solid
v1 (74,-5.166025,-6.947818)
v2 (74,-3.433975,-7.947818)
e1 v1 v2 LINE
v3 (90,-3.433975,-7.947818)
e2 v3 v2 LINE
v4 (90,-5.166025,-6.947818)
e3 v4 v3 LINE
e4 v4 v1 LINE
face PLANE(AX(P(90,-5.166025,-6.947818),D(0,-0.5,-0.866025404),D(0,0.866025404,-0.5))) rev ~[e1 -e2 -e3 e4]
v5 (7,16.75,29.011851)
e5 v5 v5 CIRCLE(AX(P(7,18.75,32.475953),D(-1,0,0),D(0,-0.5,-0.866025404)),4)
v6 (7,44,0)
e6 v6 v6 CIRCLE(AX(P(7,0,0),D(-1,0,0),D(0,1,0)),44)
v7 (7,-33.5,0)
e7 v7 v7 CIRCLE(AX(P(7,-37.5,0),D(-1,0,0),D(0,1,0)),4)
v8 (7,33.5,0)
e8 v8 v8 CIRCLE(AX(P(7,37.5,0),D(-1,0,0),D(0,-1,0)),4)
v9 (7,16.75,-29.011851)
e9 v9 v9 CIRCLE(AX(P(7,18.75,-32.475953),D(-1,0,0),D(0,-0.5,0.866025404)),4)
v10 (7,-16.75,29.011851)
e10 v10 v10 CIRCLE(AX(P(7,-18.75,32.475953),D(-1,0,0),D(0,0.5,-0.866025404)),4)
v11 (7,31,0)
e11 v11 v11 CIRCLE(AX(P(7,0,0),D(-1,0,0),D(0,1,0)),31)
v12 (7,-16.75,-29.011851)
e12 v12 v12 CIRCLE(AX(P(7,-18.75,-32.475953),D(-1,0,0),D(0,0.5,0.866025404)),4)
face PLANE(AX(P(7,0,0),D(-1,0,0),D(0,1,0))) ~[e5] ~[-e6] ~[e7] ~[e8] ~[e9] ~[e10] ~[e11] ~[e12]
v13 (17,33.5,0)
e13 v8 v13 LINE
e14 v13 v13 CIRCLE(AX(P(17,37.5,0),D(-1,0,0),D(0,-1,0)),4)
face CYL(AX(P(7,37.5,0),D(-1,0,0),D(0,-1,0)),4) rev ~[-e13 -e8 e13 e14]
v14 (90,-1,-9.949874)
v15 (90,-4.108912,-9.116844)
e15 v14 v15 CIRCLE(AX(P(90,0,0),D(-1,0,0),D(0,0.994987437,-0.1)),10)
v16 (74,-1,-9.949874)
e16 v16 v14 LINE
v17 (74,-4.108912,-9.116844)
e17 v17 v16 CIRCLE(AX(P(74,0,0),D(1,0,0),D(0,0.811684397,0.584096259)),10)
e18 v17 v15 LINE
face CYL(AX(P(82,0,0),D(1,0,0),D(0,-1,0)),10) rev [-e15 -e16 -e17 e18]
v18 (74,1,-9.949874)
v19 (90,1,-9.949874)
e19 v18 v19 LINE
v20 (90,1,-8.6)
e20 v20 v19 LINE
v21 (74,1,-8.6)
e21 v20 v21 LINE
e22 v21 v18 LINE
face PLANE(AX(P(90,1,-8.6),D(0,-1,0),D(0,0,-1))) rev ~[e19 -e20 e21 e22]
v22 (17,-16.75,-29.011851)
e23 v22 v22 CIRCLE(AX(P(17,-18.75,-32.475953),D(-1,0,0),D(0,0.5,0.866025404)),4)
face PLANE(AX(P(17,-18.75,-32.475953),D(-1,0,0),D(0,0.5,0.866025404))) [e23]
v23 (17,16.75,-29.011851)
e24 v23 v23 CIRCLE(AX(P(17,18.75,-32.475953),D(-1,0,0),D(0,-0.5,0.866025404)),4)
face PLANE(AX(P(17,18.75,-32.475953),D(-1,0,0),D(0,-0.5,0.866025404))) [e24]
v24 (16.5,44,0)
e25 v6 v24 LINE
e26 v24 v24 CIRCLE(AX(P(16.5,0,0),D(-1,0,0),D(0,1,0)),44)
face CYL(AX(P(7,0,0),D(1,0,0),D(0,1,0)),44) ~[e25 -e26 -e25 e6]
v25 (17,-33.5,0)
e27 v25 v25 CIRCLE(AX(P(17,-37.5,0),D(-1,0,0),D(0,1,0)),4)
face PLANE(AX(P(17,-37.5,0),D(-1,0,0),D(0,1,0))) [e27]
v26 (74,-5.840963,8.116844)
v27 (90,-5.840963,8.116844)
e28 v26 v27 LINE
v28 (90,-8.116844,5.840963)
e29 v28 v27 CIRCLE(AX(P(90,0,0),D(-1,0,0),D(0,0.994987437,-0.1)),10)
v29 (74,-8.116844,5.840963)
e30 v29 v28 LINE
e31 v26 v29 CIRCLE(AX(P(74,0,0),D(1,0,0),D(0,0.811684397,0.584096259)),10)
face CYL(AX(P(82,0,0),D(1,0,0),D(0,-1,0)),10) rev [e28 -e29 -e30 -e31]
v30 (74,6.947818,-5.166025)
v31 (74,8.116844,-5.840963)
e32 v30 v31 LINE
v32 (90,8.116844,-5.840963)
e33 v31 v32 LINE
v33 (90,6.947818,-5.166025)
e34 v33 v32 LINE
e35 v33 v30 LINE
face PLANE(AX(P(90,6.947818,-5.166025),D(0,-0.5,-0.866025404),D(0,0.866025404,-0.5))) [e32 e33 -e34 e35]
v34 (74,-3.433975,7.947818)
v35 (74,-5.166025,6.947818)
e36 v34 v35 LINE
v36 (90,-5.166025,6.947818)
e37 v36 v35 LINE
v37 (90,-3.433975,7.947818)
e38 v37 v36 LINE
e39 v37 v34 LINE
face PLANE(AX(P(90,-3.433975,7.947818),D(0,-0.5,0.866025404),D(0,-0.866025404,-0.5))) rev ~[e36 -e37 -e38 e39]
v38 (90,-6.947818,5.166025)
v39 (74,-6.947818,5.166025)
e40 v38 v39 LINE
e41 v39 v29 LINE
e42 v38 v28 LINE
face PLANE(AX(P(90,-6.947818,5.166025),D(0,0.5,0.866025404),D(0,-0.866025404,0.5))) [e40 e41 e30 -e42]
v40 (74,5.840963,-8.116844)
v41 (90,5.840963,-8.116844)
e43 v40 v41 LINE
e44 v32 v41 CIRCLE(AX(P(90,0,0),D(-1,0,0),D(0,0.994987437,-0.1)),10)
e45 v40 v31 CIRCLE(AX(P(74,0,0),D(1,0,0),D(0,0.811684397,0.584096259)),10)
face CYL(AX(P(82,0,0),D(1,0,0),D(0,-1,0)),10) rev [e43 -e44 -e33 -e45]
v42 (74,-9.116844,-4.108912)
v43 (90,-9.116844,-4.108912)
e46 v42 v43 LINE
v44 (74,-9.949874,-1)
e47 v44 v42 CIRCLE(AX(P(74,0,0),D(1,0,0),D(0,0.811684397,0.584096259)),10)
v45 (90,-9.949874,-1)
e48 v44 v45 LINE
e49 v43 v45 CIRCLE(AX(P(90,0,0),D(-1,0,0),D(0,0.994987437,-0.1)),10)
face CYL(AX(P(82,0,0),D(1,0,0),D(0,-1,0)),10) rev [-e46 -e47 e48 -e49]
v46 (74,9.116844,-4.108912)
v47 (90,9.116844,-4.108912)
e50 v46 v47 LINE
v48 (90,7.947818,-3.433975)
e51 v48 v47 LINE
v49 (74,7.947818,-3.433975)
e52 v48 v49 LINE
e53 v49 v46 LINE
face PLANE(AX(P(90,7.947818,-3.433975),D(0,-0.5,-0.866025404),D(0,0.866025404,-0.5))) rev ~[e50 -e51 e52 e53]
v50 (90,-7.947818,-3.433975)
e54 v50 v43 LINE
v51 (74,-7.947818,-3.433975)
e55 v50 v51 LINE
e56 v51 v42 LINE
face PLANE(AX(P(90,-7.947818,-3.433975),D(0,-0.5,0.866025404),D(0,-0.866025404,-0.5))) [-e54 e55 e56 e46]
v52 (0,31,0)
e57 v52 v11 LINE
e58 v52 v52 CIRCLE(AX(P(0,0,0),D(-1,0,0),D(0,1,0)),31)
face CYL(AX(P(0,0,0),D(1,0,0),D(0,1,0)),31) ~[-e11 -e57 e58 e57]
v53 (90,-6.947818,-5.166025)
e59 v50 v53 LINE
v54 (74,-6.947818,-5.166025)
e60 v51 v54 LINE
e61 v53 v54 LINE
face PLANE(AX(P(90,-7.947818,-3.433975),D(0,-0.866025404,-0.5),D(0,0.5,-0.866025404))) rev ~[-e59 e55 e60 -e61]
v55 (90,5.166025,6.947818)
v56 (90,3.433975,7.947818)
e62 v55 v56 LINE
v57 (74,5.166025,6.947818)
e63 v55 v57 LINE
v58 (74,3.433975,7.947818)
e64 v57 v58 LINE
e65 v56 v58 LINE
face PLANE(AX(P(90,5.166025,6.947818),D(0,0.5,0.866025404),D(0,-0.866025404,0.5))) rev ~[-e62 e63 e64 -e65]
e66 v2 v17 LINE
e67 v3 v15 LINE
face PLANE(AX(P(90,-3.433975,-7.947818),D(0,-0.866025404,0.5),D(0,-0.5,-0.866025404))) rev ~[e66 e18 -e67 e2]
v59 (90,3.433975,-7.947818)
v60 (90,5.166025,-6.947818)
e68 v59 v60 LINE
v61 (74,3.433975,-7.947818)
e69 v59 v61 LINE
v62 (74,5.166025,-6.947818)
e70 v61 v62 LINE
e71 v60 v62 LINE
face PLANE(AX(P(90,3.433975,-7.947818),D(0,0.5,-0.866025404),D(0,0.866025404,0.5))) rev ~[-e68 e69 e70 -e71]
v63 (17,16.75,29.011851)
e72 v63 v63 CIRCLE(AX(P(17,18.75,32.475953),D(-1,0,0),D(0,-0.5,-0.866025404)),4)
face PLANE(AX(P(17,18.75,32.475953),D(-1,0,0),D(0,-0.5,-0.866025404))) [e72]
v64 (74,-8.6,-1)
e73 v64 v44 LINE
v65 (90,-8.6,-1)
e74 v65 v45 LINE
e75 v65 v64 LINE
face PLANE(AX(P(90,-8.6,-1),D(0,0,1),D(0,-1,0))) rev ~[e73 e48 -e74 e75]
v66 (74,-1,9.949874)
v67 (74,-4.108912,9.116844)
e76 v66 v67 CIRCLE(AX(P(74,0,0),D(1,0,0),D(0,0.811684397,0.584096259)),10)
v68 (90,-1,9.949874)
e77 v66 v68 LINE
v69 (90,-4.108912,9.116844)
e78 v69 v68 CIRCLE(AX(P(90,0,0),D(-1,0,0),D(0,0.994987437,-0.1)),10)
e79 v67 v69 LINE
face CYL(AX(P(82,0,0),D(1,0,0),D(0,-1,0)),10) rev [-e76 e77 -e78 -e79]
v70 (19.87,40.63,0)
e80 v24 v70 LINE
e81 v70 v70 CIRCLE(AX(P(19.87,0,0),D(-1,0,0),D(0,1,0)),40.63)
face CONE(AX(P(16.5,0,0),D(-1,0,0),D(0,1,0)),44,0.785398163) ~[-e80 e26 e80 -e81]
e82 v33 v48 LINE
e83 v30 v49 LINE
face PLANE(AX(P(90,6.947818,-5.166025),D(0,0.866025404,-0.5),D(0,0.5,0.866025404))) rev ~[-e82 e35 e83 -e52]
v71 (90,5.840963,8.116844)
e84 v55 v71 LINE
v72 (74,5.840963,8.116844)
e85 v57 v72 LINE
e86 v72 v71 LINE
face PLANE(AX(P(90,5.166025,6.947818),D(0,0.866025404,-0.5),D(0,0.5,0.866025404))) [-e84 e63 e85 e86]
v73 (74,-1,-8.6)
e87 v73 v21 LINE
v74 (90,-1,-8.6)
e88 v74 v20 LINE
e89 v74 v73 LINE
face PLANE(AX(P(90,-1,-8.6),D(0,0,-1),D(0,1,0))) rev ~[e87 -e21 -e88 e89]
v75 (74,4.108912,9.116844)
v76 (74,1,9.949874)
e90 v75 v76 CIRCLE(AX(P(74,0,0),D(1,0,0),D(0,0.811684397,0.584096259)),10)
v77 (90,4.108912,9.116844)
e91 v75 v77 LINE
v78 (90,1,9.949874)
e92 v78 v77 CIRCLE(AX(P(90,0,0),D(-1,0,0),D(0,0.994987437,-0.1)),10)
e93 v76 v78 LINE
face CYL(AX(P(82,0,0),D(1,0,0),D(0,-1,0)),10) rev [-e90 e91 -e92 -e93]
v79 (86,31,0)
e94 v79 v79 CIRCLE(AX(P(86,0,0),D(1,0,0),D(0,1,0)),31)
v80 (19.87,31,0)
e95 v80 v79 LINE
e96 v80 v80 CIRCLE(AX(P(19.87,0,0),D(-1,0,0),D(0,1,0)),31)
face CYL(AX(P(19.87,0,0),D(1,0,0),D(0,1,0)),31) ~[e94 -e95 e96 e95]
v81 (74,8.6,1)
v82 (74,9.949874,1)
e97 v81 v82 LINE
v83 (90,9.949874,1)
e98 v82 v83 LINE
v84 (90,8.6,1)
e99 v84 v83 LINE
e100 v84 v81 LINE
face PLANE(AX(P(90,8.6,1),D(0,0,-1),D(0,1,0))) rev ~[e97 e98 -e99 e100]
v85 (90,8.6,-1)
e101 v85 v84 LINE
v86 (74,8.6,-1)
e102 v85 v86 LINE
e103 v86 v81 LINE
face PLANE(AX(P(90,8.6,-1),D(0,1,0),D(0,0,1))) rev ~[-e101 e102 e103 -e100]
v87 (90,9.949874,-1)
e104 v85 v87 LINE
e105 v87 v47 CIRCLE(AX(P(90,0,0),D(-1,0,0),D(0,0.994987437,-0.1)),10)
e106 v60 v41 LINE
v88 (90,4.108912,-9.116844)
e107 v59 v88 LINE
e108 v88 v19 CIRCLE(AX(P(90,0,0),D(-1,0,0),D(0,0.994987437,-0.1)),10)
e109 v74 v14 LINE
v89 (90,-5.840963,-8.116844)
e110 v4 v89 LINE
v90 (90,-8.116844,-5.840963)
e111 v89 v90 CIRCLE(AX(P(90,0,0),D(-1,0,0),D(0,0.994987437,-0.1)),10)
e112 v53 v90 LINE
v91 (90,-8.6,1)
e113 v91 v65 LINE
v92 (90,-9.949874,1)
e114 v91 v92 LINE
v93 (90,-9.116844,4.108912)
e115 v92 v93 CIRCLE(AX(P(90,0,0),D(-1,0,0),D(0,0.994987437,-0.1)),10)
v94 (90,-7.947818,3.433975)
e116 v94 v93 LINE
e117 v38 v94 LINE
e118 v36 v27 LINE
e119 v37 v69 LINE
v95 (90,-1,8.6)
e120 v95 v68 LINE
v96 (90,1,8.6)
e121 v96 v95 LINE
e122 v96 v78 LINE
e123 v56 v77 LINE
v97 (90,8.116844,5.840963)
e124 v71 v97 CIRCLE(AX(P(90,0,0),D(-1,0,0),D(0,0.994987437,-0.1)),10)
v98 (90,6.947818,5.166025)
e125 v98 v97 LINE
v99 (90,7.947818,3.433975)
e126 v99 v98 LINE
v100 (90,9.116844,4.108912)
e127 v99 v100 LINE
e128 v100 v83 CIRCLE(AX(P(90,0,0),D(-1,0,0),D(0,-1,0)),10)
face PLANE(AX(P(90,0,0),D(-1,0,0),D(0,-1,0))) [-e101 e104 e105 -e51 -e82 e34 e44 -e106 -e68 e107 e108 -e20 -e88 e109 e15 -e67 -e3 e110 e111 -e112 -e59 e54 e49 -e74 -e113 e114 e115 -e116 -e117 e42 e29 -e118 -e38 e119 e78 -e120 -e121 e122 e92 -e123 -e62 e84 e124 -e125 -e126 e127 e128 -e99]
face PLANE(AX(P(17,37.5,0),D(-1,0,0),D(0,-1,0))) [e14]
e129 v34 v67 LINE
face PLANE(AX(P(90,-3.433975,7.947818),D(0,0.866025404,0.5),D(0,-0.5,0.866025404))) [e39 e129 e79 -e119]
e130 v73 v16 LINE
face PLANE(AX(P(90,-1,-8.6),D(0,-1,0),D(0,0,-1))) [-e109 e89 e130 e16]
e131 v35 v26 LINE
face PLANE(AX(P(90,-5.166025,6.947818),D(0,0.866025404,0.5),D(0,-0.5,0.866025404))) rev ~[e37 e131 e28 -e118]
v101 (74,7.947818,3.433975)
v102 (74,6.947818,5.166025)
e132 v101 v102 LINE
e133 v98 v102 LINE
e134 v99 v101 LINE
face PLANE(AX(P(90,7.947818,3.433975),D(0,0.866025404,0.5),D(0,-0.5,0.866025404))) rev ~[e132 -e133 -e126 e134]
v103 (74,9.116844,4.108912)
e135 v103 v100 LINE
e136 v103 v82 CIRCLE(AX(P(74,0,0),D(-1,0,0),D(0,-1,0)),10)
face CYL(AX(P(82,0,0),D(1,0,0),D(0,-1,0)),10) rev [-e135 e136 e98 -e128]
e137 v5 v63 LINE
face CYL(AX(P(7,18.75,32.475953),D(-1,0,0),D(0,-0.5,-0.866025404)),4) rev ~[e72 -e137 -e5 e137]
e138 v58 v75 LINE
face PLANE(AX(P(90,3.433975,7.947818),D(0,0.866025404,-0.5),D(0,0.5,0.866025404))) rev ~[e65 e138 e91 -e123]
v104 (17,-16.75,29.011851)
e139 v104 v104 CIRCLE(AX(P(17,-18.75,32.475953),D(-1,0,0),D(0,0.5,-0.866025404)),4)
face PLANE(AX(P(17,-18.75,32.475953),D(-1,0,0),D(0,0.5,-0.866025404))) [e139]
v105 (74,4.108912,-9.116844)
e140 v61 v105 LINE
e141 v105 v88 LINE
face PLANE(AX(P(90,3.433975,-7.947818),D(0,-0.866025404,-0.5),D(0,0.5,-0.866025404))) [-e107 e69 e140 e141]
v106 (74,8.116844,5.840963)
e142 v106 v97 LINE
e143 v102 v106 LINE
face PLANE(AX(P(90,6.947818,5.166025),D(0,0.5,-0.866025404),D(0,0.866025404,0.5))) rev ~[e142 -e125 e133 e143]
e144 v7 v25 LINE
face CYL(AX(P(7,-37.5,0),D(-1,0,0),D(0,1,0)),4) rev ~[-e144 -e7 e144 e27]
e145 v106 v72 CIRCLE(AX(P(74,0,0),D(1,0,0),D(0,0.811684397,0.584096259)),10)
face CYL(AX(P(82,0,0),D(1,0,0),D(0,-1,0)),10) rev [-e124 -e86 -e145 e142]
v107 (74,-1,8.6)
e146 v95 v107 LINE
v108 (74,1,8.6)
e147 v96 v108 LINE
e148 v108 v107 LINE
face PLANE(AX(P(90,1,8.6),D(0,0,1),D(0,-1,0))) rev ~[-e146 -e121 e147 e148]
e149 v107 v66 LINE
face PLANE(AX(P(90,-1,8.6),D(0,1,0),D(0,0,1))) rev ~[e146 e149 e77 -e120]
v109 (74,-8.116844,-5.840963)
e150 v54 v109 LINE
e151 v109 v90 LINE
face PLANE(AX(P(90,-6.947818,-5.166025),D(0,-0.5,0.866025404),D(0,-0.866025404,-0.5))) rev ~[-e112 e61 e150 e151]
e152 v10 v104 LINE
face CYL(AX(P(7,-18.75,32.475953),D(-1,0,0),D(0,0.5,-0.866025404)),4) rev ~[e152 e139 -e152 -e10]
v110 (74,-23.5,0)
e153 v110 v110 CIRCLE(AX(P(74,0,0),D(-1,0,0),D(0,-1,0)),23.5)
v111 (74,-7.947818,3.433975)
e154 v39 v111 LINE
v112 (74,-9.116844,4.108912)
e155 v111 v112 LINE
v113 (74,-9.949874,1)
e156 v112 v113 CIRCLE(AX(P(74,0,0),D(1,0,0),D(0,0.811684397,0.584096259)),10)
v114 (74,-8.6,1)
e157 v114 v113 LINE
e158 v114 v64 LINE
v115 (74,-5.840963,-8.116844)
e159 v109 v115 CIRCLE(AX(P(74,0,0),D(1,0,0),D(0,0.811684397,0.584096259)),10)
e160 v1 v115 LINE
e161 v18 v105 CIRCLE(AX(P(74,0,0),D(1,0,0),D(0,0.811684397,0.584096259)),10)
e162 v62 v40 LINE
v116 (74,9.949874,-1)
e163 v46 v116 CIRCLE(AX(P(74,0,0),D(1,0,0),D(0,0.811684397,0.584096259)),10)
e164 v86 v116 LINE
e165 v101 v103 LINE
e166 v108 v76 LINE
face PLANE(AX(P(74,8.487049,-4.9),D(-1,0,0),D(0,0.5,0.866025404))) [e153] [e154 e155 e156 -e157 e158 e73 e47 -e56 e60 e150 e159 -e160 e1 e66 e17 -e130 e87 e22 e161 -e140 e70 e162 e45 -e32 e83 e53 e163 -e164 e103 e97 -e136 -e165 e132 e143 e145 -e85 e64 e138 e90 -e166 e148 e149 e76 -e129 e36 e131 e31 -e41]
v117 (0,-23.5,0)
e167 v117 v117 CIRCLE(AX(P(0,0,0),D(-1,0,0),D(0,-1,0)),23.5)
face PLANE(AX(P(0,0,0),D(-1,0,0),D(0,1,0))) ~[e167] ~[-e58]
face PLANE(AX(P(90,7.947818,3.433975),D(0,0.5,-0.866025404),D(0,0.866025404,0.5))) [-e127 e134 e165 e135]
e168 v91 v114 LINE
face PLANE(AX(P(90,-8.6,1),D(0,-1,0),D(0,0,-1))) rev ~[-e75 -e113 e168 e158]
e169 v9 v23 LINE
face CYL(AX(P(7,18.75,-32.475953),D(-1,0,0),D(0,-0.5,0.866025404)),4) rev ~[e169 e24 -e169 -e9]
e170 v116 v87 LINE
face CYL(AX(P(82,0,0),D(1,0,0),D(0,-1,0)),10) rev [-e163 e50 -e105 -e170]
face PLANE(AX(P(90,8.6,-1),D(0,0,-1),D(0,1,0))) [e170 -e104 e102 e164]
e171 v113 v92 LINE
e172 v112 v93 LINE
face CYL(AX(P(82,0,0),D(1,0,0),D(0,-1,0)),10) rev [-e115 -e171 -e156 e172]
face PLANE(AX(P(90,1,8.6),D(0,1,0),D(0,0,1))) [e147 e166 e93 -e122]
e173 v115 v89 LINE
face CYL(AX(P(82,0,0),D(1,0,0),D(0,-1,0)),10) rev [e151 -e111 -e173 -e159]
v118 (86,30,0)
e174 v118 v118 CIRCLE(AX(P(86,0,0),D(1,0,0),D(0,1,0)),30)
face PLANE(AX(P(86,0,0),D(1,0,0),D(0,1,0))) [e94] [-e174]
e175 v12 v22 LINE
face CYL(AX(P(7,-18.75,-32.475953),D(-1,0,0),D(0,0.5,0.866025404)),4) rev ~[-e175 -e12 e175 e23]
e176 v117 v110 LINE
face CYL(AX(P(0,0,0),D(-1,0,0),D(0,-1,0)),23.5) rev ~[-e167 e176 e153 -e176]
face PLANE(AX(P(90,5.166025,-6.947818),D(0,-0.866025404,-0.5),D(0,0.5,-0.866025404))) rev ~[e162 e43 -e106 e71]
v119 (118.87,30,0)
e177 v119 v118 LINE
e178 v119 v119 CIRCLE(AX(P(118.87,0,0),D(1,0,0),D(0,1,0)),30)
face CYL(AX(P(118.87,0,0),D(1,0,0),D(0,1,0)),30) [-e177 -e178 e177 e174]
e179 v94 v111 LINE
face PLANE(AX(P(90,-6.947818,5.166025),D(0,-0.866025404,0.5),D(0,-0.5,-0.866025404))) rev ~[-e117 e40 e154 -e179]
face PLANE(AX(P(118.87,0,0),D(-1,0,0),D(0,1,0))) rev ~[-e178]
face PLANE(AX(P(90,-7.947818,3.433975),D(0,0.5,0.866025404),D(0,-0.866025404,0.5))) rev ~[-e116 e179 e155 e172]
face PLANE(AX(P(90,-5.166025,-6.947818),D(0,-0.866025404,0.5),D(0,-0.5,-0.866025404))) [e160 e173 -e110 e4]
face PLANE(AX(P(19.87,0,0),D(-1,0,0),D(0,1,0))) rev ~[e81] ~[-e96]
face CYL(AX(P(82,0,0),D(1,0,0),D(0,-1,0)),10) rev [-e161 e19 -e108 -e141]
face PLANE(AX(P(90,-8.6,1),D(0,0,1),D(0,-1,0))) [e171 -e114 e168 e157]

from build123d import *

# Parameters (mm, degrees)
SKETCH3_R           = 4
CUT_EXTRUDE5_DEPTH  = 10
CIRPATTERN1_COUNT   = 6
SKETCH4_R           = 23.5
CUT_EXTRUDE6_DEPTH  = 90
SKETCH5_W           = 16
SKETCH5_H           = 16
BOSS_EXTRUDE1_START = -16
SKETCH6_W           = 2
SKETCH6_H           = 2.4
BOSS_EXTRUDE1_DEPTH = 16
CIRPATTERN2_COUNT   = 12
SKETCH7_R           = 31
SKETCH7_R_2         = 30
CUT_EXTRUDE7_DEPTH  = 32.87


with BuildPart() as part:
    # Sketch1 → Revolve1 (revolve)
    with BuildSketch(Plane.XY):
        Polygon((0, 0), (0, 31), (7, 31), (7, 44), (16.5, 44), (19.87, 40.63), (19.87, 31), (118.87, 31), (118.87, 0), align=None)
    revolve(axis=Axis((118.87, 0, 0), (-1, 0, 0)))

    # Sketch3 → Cut-Extrude5 (cut)
    with BuildSketch(Plane.ZY.offset(-7)):
        with Locations(Location((0, 37.5, 0), (0, 0, 270))):
            Circle(SKETCH3_R)
    cut_extrude5 = extrude(amount=-CUT_EXTRUDE5_DEPTH, mode=Mode.SUBTRACT)

    # CirPattern1: Cut-Extrude5 ×6 about axis
    cirpattern1_axis = Axis((0, 0, 0), (1, 0, 0))
    for i in range(1, CIRPATTERN1_COUNT):
        add(cut_extrude5.rotate(cirpattern1_axis, i * 360 / CIRPATTERN1_COUNT), mode=Mode.SUBTRACT)

    # Sketch4 → Cut-Extrude6 (cut)
    with BuildSketch(Plane.ZY):
        with Locations(Location((0, 0, 0), (0, 0, 270))):
            Circle(SKETCH4_R)
    extrude(amount=-CUT_EXTRUDE6_DEPTH, mode=Mode.SUBTRACT)

    # Sketch5 → Revolve2 (revolve)
    with BuildSketch(Plane.XY, mode=Mode.PRIVATE) as revolve2_sk:
        with Locations((82, 18)):
            Rectangle(SKETCH5_W, SKETCH5_H)
    revolve(revolve2_sk.sketch.rotate(Axis((118.87, 0, 0), (-1, 0, 0)), 180), axis=Axis((118.87, 0, 0), (-1, 0, 0)))

    # Sketch6 → Boss-Extrude1 (add)
    with BuildSketch(Plane.ZY.offset(-74).offset(BOSS_EXTRUDE1_START)):
        with Locations((0, 9.8)):
            Rectangle(SKETCH6_W, SKETCH6_H)
    boss_extrude1 = extrude(amount=BOSS_EXTRUDE1_DEPTH)

    # CirPattern2: Boss-Extrude1 ×12 about axis
    cirpattern2_axis = Axis((0, 0, 0), (1, 0, 0))
    for i in range(1, CIRPATTERN2_COUNT):
        add(boss_extrude1.rotate(cirpattern2_axis, i * 360 / CIRPATTERN2_COUNT))

    # Sketch7 → Cut-Extrude7 (cut)
    with BuildSketch(Plane(origin=(118.87, 0, 0), x_dir=(0, 0, -1), z_dir=(1, 0, 0))):
        with Locations(Location((0, 0, 0), (0, 0, 90))):
            Circle(SKETCH7_R)
        with Locations(Location((0, 0, 0), (0, 0, 90))):
            Circle(SKETCH7_R_2, mode=Mode.SUBTRACT)
    extrude(amount=-CUT_EXTRUDE7_DEPTH, mode=Mode.SUBTRACT)


solid = part.part
